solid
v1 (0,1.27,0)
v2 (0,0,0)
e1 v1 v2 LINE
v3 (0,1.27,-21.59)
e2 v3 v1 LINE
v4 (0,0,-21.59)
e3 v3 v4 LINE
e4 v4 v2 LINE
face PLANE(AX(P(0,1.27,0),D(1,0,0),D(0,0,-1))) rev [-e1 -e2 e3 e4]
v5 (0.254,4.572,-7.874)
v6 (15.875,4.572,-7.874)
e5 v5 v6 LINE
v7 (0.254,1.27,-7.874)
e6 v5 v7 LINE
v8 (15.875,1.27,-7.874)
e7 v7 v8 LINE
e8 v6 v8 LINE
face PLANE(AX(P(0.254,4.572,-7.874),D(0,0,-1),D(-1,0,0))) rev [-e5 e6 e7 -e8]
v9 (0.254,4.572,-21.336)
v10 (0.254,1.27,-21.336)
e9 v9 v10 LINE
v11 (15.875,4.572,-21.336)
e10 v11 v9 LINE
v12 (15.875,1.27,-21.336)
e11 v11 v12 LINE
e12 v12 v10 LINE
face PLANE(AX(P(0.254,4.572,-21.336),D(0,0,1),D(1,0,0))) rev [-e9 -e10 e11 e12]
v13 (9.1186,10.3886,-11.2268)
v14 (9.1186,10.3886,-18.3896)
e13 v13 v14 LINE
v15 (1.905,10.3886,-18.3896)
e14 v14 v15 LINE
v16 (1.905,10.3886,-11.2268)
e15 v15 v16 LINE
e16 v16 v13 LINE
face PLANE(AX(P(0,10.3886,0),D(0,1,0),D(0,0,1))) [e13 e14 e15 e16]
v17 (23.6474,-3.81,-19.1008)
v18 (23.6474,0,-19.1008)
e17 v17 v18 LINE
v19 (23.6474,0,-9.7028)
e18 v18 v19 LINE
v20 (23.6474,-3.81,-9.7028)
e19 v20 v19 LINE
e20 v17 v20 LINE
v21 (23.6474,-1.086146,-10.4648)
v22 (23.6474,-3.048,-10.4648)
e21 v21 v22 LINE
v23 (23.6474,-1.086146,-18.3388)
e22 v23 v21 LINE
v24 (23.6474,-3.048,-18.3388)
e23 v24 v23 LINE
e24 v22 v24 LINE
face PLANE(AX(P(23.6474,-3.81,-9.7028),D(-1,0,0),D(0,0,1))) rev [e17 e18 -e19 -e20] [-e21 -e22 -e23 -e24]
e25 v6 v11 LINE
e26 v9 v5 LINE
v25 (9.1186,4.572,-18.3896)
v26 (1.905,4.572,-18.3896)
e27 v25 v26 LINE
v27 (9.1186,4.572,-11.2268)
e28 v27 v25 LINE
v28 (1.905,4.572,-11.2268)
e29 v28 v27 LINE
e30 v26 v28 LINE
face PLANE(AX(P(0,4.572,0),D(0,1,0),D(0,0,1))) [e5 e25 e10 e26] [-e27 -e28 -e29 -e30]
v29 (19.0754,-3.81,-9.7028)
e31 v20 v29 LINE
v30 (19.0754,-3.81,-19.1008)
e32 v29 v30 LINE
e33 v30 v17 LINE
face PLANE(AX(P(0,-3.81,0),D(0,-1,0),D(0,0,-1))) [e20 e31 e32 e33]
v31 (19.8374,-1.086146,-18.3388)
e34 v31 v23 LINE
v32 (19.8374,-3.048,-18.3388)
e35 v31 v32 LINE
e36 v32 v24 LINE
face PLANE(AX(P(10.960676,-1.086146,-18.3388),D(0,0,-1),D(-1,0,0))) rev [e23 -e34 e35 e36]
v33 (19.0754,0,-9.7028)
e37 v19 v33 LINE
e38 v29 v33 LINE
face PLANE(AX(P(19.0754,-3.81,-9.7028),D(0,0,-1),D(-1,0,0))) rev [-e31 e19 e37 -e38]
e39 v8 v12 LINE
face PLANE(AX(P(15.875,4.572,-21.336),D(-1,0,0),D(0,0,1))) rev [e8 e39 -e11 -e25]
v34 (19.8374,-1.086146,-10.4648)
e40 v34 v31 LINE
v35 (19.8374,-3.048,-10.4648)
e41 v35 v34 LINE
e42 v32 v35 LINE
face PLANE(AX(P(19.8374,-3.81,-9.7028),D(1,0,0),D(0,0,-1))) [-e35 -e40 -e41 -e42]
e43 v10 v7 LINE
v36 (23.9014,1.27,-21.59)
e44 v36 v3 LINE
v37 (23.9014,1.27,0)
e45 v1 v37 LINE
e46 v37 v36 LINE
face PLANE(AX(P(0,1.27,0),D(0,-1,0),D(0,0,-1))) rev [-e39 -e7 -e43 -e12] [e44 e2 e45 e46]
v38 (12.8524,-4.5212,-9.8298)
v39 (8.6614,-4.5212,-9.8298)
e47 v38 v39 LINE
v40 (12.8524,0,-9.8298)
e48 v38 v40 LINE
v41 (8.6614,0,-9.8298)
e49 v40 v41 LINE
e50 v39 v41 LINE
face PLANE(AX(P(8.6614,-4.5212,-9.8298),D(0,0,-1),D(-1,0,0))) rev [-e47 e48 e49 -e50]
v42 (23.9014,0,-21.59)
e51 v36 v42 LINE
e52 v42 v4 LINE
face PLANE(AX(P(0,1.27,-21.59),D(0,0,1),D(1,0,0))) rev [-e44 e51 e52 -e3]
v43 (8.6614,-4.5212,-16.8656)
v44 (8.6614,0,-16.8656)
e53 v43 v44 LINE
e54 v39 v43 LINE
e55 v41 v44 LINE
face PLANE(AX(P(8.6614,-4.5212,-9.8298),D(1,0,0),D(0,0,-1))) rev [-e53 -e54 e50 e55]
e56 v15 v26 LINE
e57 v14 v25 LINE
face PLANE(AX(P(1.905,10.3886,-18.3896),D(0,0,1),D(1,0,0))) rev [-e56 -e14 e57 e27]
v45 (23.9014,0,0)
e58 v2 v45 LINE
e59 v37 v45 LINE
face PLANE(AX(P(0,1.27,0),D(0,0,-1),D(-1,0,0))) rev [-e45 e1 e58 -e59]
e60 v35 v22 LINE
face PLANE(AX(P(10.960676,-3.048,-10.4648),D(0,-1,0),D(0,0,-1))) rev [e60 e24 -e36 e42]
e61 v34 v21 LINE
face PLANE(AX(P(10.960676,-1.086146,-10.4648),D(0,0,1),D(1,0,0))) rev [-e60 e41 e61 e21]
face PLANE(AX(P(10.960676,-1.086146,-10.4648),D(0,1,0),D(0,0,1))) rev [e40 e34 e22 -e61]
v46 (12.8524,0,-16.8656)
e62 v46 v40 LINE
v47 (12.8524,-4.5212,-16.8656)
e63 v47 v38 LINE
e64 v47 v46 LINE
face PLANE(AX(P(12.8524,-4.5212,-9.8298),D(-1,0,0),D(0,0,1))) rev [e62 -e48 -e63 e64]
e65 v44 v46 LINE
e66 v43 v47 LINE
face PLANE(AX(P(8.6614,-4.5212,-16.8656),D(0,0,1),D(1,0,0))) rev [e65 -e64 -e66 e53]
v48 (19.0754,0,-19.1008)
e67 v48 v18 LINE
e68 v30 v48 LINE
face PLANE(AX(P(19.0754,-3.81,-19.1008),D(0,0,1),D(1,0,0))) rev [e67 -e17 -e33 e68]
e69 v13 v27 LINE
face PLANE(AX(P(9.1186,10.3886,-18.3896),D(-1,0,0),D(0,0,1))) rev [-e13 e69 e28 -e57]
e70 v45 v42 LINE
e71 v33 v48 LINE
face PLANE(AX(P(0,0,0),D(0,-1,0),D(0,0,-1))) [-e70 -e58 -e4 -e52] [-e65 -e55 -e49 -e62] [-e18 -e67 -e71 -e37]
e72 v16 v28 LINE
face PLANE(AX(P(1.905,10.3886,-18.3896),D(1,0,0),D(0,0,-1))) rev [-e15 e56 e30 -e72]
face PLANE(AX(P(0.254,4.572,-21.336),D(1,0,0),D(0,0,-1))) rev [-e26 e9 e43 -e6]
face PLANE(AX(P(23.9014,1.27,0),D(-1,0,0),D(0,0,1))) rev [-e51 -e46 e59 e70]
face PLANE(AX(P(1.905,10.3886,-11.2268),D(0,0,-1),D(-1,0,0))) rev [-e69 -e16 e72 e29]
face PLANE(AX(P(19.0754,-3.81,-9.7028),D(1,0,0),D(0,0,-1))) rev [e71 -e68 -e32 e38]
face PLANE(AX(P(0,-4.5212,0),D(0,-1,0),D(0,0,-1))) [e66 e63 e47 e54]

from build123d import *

# Parameters (mm, degrees)
SKETCH1_W           = 23.9014
SKETCH1_H           = 21.59
BOSS_EXTRUDE1_DEPTH = 1.27
SKETCH2_W           = 15.621
SKETCH2_H           = 13.462
BOSS_EXTRUDE2_DEPTH = 3.302
SKETCH3_W           = 7.2136
SKETCH3_H           = 7.1628
BOSS_EXTRUDE3_DEPTH = 5.8166
SKETCH4_W           = 4.191
SKETCH4_H           = 7.0358
BOSS_EXTRUDE4_DEPTH = 4.5212
SKETCH5_W           = 4.572
SKETCH5_H           = 9.398
BOSS_EXTRUDE5_DEPTH = 3.81
SKETCH6_W           = 7.874
SKETCH6_H           = 1.961854403
CUT_EXTRUDE1_DEPTH  = 3.81


with BuildPart() as part:
    # Sketch1 → Boss-Extrude1 (new body)
    with BuildSketch(Plane(origin=(0, 0, 0), x_dir=(1, 0, 0), z_dir=(0, 1, 0))):
        with Locations((11.9507, 10.795)):
            Rectangle(SKETCH1_W, SKETCH1_H)
    extrude(amount=BOSS_EXTRUDE1_DEPTH)

    # Sketch2 → Boss-Extrude2 (add)
    with BuildSketch(Plane(origin=(0, 1.27, 0), x_dir=(1, 0, 0), z_dir=(0, 1, 0))):
        with Locations((8.0645, 14.605)):
            Rectangle(SKETCH2_W, SKETCH2_H)
    extrude(amount=BOSS_EXTRUDE2_DEPTH)

    # Sketch3 → Boss-Extrude3 (add)
    with BuildSketch(Plane(origin=(0, 4.572, 0), x_dir=(1, 0, 0), z_dir=(0, 1, 0))):
        with Locations((5.5118, 14.8082)):
            Rectangle(SKETCH3_W, SKETCH3_H)
    extrude(amount=BOSS_EXTRUDE3_DEPTH)

    # Sketch4 → Boss-Extrude4 (add)
    with BuildSketch(Plane(origin=(0, 0, 0), x_dir=(-1, 0, 0), z_dir=(0, -1, 0))):
        with Locations((-10.7569, 13.3477)):
            Rectangle(SKETCH4_W, SKETCH4_H)
    extrude(amount=BOSS_EXTRUDE4_DEPTH)

    # Sketch5 → Boss-Extrude5 (add)
    with BuildSketch(Plane(origin=(0, 0, 0), x_dir=(-1, 0, 0), z_dir=(0, -1, 0))):
        with Locations((-21.3614, 14.4018)):
            Rectangle(SKETCH5_W, SKETCH5_H)
    extrude(amount=BOSS_EXTRUDE5_DEPTH)

    # Sketch6 → Cut-Extrude1 (cut)
    with BuildSketch(Plane(origin=(23.6474, 0, 0), x_dir=(0, 0, -1), z_dir=(1, 0, 0))):
        with Locations((14.4018, -2.067072798)):
            Rectangle(SKETCH6_W, SKETCH6_H)
    extrude(amount=-CUT_EXTRUDE1_DEPTH, mode=Mode.SUBTRACT)


solid = part.part
